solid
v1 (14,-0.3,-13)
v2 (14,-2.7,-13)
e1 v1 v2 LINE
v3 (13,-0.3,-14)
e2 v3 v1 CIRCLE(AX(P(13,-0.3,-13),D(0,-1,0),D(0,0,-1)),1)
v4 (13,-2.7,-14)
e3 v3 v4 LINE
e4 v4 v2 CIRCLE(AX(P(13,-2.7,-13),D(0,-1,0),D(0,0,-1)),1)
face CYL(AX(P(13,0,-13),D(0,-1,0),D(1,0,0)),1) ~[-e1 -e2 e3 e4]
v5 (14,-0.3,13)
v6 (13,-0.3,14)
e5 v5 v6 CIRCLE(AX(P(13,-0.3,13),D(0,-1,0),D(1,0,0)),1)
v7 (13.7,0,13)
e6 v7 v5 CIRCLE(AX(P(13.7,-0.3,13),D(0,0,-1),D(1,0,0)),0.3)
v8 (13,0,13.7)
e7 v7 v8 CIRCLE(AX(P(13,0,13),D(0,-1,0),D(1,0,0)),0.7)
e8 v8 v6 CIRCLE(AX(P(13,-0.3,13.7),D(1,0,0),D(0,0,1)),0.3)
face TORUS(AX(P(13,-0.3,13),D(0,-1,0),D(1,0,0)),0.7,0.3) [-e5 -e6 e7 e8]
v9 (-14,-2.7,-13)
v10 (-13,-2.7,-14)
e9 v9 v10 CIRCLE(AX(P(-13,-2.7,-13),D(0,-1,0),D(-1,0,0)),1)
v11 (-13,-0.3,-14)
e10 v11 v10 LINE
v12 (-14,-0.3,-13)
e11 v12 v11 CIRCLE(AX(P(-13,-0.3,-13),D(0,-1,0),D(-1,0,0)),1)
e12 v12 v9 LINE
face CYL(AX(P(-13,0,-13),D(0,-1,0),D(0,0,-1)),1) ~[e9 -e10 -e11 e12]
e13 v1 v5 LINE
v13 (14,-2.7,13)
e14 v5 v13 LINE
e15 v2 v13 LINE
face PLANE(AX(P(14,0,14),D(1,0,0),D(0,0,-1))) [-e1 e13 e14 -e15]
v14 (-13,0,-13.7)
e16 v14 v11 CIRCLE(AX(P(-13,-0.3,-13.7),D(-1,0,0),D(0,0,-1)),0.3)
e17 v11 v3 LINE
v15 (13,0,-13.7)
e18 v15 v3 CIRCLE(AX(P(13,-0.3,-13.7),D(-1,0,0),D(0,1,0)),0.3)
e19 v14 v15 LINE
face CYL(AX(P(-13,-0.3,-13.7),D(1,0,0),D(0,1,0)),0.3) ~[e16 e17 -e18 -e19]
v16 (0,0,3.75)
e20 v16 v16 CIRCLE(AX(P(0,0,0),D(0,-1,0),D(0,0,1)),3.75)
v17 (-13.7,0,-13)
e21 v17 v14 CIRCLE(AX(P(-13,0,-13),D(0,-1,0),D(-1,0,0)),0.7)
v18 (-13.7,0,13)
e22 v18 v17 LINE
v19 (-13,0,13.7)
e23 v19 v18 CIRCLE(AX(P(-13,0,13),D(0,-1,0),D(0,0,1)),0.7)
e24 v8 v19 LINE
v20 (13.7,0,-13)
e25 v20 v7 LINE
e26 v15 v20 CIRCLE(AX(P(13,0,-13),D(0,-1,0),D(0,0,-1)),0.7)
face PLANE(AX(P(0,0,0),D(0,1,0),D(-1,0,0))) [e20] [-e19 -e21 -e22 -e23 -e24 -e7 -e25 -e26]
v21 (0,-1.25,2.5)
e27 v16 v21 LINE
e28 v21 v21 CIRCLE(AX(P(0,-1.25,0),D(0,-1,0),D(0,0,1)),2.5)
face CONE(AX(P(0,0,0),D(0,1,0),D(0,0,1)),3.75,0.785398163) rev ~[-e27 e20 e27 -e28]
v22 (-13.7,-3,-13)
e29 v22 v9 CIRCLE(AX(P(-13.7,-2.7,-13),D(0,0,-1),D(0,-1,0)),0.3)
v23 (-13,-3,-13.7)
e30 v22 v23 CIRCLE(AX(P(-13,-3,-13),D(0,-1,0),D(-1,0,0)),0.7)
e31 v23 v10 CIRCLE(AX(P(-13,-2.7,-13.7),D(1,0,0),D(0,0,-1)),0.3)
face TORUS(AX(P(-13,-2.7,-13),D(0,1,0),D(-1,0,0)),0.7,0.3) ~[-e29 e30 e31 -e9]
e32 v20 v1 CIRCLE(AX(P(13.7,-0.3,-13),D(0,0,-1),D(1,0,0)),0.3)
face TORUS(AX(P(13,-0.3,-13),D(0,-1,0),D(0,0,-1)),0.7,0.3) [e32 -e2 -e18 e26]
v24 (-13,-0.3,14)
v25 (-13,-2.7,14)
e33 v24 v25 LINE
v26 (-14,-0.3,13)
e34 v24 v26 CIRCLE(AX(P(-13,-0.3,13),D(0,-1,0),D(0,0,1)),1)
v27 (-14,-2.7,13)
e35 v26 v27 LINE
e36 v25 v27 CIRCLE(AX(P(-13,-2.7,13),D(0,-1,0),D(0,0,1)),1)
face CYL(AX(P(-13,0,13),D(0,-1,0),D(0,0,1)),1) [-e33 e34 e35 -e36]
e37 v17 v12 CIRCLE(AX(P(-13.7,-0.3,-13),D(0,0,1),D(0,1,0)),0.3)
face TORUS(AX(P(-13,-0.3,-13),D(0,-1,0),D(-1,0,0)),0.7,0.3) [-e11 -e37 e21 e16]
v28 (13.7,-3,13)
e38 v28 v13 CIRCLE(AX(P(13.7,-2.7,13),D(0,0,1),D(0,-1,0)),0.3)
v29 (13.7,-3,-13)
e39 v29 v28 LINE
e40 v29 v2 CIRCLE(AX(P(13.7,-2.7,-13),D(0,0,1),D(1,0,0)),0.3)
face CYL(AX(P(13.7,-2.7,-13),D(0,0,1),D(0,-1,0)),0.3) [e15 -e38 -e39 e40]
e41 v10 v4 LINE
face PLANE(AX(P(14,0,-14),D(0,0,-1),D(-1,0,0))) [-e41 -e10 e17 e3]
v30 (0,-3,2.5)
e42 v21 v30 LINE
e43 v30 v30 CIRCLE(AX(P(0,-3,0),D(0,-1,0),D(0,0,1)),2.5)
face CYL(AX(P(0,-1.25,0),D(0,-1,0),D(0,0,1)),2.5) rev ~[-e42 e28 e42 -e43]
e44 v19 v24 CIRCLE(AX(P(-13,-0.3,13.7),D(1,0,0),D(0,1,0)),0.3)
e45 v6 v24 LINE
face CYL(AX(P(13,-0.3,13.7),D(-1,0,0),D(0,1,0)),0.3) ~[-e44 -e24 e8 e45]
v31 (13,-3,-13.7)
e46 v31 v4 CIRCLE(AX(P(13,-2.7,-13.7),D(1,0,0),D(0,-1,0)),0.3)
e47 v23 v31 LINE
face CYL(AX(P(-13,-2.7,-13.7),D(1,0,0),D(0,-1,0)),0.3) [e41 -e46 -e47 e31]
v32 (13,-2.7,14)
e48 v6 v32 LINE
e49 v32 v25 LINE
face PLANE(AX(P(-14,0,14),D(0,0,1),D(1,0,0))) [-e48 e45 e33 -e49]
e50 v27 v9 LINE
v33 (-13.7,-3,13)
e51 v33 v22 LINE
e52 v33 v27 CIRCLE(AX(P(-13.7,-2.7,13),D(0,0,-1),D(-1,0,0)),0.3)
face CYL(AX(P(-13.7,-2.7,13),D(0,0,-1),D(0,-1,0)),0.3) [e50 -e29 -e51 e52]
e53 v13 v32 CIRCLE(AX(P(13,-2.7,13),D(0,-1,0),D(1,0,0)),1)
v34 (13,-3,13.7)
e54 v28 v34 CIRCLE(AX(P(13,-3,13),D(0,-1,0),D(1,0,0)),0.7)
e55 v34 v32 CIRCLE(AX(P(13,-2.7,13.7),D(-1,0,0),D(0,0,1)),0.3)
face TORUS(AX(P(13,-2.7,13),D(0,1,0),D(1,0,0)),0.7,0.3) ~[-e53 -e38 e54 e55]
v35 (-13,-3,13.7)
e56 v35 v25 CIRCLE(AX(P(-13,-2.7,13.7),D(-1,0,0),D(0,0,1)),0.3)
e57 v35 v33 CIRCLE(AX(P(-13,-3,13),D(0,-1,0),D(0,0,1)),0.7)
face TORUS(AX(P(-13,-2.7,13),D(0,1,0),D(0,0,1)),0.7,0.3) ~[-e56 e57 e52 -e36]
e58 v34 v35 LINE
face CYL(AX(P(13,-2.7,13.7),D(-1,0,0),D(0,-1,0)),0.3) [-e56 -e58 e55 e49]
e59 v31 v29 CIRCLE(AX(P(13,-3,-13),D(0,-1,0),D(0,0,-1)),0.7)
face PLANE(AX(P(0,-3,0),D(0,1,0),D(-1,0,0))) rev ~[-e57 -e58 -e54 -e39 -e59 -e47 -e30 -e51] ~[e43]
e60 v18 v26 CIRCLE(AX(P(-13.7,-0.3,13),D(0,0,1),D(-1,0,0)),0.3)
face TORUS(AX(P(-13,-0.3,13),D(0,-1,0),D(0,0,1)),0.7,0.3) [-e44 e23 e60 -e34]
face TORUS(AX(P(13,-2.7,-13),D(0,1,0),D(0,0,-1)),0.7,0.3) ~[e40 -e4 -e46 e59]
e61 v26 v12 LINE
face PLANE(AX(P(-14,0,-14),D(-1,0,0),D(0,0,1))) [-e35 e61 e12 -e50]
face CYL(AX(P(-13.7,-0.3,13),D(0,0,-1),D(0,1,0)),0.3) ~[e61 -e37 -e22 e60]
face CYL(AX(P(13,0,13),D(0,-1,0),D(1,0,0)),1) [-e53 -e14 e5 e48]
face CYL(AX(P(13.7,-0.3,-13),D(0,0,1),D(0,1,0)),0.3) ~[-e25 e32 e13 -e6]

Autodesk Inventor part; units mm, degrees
ref_plane "YZ Plane" through (0, 0, 0) normal (1, 0, 0) x (0, 1, 0)
ref_plane "XZ Plane" through (0, 0, 0) normal (0, 1, 0) x (-1, 0, 0)
ref_plane "XY Plane" through (0, 0, 0) normal (0, 0, 1) x (1, 0, 0)
sketch "Sketch1" plane through (0, 0, 0) normal (0, 1, 0) x (-1, 0, 0)
  line L0 (-14, -14) -> (14, -14)
  line L1 (14, -14) -> (14, 14)
  line L2 (14, 14) -> (-14, 14)
  line L3 (-14, 14) -> (-14, -14)
  line L4 (-14, -14) -> (14, 14) construction
  line L5 (14, -14) -> (-14, 14) construction
  point P0 (0, 0)
  dimension "d0" = 28
  dimension "d1" = 28
extrude "Extrusion1" add sketch "Sketch1" against normal blind 3
hole "Hole1" at (0, 0, 0) direction (0, -1, 0) diameter 5 end through all countersink diameter 7.5 countersink angle 90
fillet "Fillet1" radius 1 4 edges at (14, -1.5, 14) (14, -1.5, -14) (-14, -1.5, -14) (-14, -1.5, 14)
fillet "Fillet2" radius 0.3 16 edges at (13.7071, 0, 13.7071) (14, 0, 0) (13.7071, 0, -13.7071) (0, 0, -14) (-13.7071, 0, -13.7071) (-14, 0, 0) (-13.7071, 0, 13.7071) (0, 0, 14) (-13.7071, -3, 13.7071) (-14, -3, 0) (-13.7071, -3, -13.7071) (0, -3, -14) (13.7071, -3, -13.7071) (14, -3, 0) (13.7071, -3, 13.7071) (0, -3, 14)
properties part number "clampPlate" material "Steel, High Strength, Low Alloy"
